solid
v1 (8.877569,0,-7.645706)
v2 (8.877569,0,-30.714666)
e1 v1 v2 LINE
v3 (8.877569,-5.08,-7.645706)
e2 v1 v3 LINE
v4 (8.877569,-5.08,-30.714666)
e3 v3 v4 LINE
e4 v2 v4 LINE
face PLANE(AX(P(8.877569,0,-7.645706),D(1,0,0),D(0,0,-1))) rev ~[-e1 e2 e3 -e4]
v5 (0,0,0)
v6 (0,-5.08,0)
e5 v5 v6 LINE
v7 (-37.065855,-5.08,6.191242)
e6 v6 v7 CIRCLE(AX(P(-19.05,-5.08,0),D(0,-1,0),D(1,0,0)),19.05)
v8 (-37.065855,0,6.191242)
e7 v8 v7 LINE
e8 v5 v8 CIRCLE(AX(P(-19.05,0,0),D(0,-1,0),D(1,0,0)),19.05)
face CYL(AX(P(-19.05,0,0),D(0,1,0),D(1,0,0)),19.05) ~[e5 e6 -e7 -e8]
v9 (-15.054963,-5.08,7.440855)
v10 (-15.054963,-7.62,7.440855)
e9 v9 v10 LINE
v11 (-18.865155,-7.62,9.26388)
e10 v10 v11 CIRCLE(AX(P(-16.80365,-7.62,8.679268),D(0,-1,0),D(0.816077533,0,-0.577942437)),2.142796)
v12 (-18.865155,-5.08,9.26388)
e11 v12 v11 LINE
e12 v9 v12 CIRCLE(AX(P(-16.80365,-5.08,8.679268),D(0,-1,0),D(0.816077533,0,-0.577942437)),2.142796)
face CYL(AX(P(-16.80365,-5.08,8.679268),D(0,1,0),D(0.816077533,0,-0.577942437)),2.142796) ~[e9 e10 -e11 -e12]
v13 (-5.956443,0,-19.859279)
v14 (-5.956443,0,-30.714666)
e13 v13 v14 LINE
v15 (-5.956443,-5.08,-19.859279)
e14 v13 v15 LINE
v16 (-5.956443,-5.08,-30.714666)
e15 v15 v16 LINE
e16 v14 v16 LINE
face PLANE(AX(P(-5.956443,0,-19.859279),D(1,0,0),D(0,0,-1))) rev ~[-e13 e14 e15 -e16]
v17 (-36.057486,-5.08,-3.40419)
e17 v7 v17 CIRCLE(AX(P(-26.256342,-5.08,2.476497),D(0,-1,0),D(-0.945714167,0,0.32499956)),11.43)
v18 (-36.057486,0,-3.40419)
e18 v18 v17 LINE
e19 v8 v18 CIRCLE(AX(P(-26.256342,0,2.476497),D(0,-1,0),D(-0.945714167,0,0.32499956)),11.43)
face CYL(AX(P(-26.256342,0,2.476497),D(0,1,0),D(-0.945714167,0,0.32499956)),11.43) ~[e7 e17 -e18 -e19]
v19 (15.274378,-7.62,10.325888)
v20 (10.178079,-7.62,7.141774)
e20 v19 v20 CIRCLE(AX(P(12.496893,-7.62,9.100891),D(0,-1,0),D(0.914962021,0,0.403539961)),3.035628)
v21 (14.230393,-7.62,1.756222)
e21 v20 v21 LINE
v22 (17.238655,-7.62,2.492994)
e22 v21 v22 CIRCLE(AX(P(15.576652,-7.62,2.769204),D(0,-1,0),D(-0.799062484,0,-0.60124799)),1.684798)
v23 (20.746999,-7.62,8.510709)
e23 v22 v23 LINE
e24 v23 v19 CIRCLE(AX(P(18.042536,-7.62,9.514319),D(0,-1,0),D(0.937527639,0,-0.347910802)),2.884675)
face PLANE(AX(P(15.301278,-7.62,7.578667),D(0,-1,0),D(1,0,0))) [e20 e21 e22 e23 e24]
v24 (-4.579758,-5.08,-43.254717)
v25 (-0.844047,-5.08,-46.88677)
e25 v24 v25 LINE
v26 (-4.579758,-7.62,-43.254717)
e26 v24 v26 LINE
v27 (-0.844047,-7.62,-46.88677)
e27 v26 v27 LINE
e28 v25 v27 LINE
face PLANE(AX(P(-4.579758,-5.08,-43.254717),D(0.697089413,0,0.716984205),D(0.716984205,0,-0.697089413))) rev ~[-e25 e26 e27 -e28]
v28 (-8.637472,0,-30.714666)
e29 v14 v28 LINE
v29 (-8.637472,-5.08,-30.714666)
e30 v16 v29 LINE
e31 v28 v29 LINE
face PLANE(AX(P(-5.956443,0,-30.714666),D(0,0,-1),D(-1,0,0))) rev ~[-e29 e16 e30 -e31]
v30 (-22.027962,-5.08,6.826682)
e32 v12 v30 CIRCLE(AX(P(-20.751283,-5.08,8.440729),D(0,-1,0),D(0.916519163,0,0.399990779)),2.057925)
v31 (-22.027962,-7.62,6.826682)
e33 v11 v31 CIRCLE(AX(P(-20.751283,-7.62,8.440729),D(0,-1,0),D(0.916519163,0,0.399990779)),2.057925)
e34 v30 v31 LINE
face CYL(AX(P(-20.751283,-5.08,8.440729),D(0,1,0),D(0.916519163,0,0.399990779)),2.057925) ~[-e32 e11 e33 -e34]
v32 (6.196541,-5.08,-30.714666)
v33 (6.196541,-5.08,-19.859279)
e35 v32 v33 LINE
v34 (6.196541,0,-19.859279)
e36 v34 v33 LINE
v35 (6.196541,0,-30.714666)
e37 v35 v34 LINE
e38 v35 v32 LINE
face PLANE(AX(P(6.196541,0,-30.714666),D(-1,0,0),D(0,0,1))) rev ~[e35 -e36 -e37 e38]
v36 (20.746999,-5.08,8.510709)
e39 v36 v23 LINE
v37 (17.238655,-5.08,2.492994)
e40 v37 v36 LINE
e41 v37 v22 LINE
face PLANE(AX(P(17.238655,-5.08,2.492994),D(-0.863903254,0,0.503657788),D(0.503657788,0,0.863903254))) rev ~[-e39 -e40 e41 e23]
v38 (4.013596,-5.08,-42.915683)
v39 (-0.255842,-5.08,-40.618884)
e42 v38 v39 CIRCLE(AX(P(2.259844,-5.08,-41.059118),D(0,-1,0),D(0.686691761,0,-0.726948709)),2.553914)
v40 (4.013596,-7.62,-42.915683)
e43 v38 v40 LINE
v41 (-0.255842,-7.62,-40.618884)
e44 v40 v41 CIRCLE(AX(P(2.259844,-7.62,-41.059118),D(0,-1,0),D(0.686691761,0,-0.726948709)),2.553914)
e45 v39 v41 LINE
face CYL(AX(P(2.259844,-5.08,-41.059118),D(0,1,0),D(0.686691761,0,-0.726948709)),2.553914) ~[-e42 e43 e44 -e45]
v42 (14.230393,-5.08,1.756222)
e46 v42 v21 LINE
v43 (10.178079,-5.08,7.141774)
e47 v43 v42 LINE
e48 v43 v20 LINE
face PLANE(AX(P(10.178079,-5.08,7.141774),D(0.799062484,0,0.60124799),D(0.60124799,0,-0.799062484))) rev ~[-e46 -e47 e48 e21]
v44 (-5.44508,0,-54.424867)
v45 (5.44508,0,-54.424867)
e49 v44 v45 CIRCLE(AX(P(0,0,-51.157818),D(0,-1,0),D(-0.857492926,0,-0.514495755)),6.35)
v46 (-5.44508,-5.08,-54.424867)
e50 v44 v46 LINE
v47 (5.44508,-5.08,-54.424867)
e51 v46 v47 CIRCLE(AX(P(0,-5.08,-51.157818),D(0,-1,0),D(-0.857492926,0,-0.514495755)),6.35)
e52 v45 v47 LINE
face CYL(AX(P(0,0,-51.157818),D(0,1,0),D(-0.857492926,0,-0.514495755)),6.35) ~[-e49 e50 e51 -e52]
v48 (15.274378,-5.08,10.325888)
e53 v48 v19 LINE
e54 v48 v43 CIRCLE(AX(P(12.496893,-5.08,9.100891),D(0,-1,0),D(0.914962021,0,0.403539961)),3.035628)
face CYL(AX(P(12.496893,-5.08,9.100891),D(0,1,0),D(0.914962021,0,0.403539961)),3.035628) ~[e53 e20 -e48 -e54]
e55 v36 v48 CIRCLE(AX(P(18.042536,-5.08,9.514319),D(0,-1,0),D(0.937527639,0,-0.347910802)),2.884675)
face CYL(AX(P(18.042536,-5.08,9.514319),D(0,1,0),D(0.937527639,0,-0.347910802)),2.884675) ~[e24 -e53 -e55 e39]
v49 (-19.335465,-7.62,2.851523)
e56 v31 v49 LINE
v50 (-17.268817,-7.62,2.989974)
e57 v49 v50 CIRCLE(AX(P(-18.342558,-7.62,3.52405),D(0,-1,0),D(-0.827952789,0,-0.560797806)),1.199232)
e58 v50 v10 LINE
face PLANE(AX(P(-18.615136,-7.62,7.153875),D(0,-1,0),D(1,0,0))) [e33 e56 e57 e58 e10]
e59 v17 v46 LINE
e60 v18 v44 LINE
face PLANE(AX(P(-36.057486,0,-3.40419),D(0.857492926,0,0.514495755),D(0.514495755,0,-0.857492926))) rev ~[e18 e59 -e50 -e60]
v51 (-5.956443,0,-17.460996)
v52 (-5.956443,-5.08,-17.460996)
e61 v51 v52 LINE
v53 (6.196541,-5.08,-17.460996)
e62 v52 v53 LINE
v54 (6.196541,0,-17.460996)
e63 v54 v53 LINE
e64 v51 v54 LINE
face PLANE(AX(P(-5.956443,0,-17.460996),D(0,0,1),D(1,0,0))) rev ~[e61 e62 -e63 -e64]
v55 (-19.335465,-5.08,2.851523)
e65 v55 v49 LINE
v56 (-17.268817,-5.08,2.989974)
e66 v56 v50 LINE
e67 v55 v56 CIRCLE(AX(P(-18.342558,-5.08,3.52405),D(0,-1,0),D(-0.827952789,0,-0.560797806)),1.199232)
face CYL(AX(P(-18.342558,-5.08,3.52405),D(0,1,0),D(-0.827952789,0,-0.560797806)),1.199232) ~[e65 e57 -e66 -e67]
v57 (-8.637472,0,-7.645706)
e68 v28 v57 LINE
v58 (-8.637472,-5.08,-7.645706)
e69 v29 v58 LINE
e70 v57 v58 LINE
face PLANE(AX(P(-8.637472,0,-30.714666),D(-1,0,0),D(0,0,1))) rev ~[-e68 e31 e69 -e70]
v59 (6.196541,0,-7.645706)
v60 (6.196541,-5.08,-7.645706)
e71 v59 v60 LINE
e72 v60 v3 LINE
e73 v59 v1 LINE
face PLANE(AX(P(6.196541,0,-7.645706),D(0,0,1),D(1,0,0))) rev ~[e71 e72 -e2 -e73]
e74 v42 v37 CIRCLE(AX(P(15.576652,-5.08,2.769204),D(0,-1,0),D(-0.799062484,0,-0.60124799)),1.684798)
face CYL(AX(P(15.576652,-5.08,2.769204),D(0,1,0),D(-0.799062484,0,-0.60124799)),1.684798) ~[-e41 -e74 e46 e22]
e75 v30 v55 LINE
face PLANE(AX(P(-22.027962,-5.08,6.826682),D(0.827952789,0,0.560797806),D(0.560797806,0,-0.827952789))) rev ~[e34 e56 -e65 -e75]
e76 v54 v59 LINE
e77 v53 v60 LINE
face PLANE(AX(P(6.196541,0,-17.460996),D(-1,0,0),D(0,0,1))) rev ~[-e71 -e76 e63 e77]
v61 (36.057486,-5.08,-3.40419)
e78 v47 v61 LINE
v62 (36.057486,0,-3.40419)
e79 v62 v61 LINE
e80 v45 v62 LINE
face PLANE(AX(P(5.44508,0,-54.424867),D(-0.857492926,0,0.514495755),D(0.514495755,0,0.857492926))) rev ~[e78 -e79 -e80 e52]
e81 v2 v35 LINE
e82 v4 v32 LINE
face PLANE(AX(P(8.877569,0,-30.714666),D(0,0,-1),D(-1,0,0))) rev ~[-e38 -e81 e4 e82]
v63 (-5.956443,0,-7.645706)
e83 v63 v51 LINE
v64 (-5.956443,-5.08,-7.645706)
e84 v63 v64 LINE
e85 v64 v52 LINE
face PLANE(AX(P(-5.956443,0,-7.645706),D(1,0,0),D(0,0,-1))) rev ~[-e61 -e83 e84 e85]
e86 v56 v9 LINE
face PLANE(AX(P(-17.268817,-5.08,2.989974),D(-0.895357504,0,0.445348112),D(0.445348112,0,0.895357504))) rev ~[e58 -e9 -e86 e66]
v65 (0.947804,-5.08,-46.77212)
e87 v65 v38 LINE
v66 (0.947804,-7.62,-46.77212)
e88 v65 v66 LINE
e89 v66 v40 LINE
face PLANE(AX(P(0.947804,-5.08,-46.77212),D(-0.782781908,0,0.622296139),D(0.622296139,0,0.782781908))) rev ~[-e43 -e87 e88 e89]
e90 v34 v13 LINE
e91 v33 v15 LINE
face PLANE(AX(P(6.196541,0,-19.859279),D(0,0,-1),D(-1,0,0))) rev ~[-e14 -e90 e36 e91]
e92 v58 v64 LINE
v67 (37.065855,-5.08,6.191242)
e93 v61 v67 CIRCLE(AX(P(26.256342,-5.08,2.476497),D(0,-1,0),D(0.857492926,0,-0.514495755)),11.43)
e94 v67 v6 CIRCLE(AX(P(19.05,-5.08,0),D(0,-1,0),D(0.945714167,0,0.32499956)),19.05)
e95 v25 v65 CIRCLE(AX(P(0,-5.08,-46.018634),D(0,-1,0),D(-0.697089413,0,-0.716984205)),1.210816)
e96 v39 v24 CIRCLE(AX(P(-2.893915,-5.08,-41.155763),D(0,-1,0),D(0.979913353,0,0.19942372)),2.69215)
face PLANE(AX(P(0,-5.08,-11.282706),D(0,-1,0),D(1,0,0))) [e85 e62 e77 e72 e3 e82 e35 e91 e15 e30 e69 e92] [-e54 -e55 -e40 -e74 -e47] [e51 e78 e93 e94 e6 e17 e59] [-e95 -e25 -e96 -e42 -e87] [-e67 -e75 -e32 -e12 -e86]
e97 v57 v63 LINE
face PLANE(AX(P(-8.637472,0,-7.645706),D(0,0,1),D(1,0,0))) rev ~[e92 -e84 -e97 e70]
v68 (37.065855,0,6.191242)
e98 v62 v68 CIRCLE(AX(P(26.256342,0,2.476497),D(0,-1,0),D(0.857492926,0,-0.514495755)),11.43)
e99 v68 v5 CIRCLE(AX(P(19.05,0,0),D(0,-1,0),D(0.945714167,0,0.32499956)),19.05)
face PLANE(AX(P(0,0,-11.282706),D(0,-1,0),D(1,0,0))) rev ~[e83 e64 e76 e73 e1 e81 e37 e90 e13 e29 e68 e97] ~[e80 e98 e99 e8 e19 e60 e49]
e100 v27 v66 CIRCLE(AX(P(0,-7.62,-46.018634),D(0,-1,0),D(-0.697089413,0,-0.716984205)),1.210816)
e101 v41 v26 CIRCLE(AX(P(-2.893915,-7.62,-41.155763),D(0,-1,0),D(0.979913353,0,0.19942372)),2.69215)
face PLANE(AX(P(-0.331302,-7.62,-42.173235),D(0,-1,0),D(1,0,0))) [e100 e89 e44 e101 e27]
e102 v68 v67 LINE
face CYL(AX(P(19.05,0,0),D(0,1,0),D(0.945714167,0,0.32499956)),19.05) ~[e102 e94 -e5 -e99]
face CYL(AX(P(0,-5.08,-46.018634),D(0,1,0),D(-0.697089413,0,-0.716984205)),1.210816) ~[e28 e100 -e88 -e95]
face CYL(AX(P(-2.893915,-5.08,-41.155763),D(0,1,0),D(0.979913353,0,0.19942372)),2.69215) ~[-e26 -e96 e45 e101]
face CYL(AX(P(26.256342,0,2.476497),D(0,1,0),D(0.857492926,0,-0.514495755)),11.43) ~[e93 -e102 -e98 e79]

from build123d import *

# Parameters (mm, degrees)
F1_DEPTH = 5.08
F3_DEPTH = 2.54


with BuildPart() as f1:
    # F0 (on Front) → F1 (new body)
    with BuildSketch(Plane.XZ):
        with BuildLine():
            ThreePointArc((36.0574860958, -3.4041898403), (37.6237458991, 1.2819140519), (37.0658548873, 6.1912416105))
            ThreePointArc((37.0658548873, 6.1912416105), (15.9114920426, 18.7896851438), (0, 0))
            ThreePointArc((0, 0), (-15.9114920426, 18.7896851438), (-37.0658548873, 6.1912416105))
            ThreePointArc((-37.0658548873, 6.1912416105), (-37.6237458991, 1.2819140519), (-36.0574860958, -3.4041898403))
            Line((-36.0574860958, -3.4041898403), (-5.4450800783, -54.4248665362))
            ThreePointArc((-5.4450800783, -54.4248665362), (0, -57.5078184892), (5.4450800783, -54.4248665362))
            Line((5.4450800783, -54.4248665362), (36.0574860958, -3.4041898403))
        make_face()
        Polygon((8.8775694707, -7.6457064603), (8.8775694707, -30.7146664709), (6.1965412883, -30.7146664709), (6.1965412883, -19.8592792915), (-5.9564433354, -19.8592792915), (-5.9564433354, -30.7146664709), (-8.6374715178, -30.7146664709), (-8.6374715178, -7.6457064603), (-5.9564433354, -7.6457064603), (-5.9564433354, -17.4609960774), (6.1965412883, -17.4609960774), (6.1965412883, -7.6457064603), align=None, mode=Mode.SUBTRACT)
    extrude(amount=F1_DEPTH)

    # F2 (on face) → F3 (join)
    with BuildSketch(Plane.XZ.offset(5.08)):
        with BuildLine():
            ThreePointArc((4.0135957961, -42.9156825927), (3.4697843517, -38.8100018767), (-0.2558416024, -40.6188844818))
            ThreePointArc((-0.2558416024, -40.6188844818), (-4.2951963256, -38.8570498508), (-4.5797577389, -43.2547165786))
            Line((-4.5797577389, -43.2547165786), (-0.8440466673, -46.8867695822))
            ThreePointArc((-0.8440466673, -46.8867695822), (0.0773147032, -47.2269785686), (0.9478044693, -46.7721198031))
            Line((0.9478044693, -46.7721198031), (4.0135957961, -42.9156825927))
        make_face()
        with BuildLine():
            ThreePointArc((20.7469986095, 8.5107093396), (18.9506843874, 12.2523134557), (15.2743776915, 10.3258879514))
            ThreePointArc((15.2743776915, 10.3258879514), (10.8884034591, 11.6753417762), (10.1780788442, 7.1417742478))
            Line((10.1780788442, 7.1417742478), (14.230393121, 1.7562222549))
            ThreePointArc((14.230393121, 1.7562222549), (15.9774408389, 1.1327705758), (17.2386550324, 2.4929935292))
            Line((17.2386550324, 2.4929935292), (20.7469986095, 8.5107093396))
        make_face()
        with BuildLine():
            ThreePointArc((-15.0549625712, 7.4408553073), (-15.8788156154, 10.6122074591), (-18.8651549438, 9.2638804494))
            ThreePointArc((-18.8651549438, 9.2638804494), (-22.0074043435, 10.0708263721), (-22.0279623721, 6.8266823587))
            Line((-22.0279623721, 6.8266823587), (-19.3354653916, 2.851523468))
            ThreePointArc((-19.3354653916, 2.851523468), (-18.2623978414, 2.3275004132), (-17.2688172647, 2.9899743876))
            Line((-17.2688172647, 2.9899743876), (-15.0549625712, 7.4408553073))
        make_face()
    extrude(amount=F3_DEPTH)


solid = f1.part
